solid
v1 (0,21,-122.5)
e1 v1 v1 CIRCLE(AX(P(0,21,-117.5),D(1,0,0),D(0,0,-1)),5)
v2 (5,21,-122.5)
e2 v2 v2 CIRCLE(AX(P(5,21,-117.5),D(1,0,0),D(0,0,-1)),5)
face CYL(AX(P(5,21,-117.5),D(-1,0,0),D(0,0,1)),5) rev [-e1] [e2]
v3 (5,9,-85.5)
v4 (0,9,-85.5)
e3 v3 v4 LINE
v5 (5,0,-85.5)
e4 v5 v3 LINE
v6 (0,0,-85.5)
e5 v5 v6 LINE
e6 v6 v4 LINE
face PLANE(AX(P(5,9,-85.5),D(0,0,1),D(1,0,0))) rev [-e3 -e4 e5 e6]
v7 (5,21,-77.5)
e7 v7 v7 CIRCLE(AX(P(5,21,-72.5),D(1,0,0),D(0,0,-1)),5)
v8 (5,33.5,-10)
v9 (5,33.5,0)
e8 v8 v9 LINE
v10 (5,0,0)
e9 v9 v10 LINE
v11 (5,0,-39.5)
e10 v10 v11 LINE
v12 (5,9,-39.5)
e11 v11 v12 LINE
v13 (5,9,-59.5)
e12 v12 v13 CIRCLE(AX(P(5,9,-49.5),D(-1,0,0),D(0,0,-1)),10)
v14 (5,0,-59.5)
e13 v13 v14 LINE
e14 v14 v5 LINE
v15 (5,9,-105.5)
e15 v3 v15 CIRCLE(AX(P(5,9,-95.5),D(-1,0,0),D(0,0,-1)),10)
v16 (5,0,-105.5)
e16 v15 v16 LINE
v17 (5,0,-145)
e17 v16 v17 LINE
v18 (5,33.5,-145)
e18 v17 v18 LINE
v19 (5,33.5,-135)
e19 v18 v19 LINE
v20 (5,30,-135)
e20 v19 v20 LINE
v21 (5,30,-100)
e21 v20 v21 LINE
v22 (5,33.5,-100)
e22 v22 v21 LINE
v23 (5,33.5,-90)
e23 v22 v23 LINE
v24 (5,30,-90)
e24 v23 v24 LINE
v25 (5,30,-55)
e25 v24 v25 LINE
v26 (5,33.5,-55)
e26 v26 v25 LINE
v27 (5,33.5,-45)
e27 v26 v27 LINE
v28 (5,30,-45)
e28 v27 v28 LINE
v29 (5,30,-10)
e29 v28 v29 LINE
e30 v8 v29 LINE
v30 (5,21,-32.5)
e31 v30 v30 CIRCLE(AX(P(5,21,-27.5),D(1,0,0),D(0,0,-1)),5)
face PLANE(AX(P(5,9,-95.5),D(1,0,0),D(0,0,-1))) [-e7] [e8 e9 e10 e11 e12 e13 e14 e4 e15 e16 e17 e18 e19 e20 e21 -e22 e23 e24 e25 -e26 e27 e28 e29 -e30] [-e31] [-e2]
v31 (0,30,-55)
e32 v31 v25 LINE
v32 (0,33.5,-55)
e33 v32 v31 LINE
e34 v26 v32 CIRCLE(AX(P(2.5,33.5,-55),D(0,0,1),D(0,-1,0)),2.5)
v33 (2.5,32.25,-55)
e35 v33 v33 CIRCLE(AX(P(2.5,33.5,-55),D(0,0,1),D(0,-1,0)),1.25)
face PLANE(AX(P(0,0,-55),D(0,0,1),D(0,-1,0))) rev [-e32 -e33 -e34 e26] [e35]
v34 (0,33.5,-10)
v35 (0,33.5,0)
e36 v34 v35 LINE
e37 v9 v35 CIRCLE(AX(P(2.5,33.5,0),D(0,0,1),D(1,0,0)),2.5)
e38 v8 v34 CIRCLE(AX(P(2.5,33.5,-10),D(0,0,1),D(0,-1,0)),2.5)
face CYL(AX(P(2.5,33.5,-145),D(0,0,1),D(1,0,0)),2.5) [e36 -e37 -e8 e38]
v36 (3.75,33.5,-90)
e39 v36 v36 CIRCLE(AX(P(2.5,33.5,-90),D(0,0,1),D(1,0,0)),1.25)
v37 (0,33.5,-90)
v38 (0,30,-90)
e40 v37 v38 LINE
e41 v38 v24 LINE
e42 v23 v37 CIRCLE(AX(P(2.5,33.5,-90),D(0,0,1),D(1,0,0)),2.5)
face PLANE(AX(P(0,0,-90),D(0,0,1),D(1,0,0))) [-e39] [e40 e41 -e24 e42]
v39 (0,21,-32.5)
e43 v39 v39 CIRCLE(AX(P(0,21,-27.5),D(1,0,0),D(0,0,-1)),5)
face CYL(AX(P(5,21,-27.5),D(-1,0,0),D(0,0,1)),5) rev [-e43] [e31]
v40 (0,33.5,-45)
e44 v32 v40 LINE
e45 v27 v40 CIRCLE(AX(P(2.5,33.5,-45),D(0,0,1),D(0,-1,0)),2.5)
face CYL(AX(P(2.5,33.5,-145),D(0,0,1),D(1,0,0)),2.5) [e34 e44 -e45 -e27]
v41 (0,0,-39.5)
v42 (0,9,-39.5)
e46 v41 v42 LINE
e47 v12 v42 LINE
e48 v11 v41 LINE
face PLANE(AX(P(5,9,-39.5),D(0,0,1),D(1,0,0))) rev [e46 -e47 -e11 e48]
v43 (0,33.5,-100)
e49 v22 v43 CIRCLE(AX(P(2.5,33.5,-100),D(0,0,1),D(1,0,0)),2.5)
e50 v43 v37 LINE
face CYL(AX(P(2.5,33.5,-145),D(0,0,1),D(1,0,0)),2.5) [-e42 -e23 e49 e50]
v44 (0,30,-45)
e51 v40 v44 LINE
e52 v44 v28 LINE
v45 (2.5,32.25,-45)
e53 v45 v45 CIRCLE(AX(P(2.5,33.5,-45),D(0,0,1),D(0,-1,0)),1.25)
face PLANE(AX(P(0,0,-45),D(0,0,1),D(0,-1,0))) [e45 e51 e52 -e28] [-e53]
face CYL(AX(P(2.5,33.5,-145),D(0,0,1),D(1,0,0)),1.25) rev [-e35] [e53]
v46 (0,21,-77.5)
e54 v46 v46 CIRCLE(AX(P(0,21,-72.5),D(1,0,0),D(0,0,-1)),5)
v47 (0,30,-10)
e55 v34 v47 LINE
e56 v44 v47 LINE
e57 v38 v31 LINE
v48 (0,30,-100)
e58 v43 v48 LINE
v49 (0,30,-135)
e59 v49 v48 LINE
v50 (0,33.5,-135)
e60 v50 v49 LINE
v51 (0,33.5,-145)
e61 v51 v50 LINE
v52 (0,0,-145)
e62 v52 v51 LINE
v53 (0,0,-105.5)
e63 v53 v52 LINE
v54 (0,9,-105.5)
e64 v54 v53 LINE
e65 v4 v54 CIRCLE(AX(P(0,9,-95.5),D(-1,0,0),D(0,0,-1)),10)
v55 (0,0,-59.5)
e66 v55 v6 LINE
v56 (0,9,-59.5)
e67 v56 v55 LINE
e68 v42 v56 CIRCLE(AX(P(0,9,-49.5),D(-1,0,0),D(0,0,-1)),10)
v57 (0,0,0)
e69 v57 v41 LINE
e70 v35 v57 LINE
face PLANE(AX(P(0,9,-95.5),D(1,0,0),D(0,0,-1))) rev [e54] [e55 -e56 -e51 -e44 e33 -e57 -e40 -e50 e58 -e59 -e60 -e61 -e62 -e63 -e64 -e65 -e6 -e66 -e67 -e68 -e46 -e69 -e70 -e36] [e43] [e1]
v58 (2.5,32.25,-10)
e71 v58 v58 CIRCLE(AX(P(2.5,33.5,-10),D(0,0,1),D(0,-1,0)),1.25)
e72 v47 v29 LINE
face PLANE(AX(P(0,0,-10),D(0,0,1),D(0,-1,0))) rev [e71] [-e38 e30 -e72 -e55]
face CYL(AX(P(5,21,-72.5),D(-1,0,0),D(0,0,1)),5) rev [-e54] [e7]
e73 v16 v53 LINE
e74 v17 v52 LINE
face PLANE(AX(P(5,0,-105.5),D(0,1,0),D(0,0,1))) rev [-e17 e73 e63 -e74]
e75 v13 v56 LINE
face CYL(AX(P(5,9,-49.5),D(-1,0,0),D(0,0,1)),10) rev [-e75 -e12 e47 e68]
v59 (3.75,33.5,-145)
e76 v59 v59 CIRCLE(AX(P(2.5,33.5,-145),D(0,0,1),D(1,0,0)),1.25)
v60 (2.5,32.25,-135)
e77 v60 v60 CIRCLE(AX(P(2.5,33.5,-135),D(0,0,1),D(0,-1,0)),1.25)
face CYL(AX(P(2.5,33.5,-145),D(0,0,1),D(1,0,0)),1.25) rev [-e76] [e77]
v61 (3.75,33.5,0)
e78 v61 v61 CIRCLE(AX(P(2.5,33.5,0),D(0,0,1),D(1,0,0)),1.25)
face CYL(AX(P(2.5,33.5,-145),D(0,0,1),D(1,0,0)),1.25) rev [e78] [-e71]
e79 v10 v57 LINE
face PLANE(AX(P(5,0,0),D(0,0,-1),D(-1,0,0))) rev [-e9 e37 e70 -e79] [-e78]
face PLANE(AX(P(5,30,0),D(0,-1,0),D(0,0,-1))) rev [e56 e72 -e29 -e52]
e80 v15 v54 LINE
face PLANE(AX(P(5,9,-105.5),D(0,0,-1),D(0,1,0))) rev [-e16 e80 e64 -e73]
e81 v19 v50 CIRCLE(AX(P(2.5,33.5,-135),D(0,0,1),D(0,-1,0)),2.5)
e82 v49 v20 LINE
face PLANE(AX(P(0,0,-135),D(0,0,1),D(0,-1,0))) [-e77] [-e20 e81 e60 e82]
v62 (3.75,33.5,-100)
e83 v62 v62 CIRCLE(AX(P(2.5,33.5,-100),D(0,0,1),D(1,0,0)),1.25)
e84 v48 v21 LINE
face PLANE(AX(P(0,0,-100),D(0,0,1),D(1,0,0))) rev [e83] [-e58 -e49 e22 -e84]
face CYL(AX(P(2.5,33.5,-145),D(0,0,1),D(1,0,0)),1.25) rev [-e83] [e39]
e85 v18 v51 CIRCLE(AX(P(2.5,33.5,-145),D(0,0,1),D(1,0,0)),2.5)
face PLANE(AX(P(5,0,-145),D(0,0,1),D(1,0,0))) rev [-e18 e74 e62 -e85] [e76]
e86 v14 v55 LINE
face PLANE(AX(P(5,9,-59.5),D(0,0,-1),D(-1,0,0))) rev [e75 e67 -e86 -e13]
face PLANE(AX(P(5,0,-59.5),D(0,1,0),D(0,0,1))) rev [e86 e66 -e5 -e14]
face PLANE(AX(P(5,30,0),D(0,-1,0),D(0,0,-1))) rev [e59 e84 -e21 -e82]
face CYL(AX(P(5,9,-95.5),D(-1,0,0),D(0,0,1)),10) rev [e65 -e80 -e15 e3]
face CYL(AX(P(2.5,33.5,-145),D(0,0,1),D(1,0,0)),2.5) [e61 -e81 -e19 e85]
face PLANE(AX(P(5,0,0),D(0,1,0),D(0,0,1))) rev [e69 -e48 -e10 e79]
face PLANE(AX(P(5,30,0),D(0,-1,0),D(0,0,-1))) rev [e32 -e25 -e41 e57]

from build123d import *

# Parameters (mm, degrees)
SKETCH_1_R          = 5
EXTRUDE_1_DEPTH     = 5
SKETCH_2_W          = 10
SKETCH_2_H          = 6
EXTRUDE_2_DEPTH     = 5
SKETCH_3_R          = 1.25
CUT_EXTRUDE_2_DEPTH = 150.485785277


with BuildPart() as part:
    # Эскиз1 → Бобышка-Вытянуть1 (new body)
    with BuildSketch(Plane(origin=(0, 0, 0), x_dir=(0, 0, -1), z_dir=(1, 0, 0))):
        with BuildLine():
            Line((0, 0), (39.5, 0))
            Line((39.5, 0), (39.5, 9))
            ThreePointArc((39.5, 9), (49.5, 19), (59.5, 9))
            Line((59.5, 9), (59.5, 0))
            Line((59.5, 0), (85.5, 0))
            Line((85.5, 0), (85.5, 9))
            ThreePointArc((85.5, 9), (95.5, 19), (105.5, 9))
            Line((105.5, 9), (105.5, 0))
            Line((105.5, 0), (145, 0))
            Line((145, 0), (145, 30))
            Line((145, 30), (0, 30))
            Line((0, 30), (0, 0))
        make_face()
        with Locations((27.5, 21)):
            Circle(SKETCH_1_R, mode=Mode.SUBTRACT)
        with Locations((72.5, 21)):
            Circle(SKETCH_1_R, mode=Mode.SUBTRACT)
        with Locations((117.5, 21)):
            Circle(SKETCH_1_R, mode=Mode.SUBTRACT)
    extrude(amount=EXTRUDE_1_DEPTH)

    # Эскиз2 → Бобышка-Вытянуть2 (add)
    with BuildSketch(Plane(origin=(5, 0, 0), x_dir=(0, 0, -1), z_dir=(1, 0, 0))):
        with Locations((5, 33)):
            Rectangle(SKETCH_2_W, SKETCH_2_H)
        with Locations((50, 33)):
            Rectangle(SKETCH_2_W, SKETCH_2_H)
        with Locations((95, 33)):
            Rectangle(SKETCH_2_W, SKETCH_2_H)
        with Locations((140, 33)):
            Rectangle(SKETCH_2_W, SKETCH_2_H)
    extrude(amount=-EXTRUDE_2_DEPTH)

    # Эскиз3 → Вырез-Вытянуть2 (cut, through all)
    with BuildSketch(Plane.XY):
        with BuildLine():
            Line((0, 36), (0, 33.5))
            ThreePointArc((0, 33.5), (0.732233047, 35.267766953), (2.5, 36))
            Line((2.5, 36), (0, 36))
        make_face()
        with BuildLine():
            ThreePointArc((2.5, 36), (4.267766953, 35.267766953), (5, 33.5))
            Line((5, 33.5), (5, 36))
            Line((5, 36), (2.5, 36))
        make_face()
        with Locations((2.5, 33.5)):
            Circle(SKETCH_3_R)
    extrude(amount=-CUT_EXTRUDE_2_DEPTH, mode=Mode.SUBTRACT)


solid = part.part
